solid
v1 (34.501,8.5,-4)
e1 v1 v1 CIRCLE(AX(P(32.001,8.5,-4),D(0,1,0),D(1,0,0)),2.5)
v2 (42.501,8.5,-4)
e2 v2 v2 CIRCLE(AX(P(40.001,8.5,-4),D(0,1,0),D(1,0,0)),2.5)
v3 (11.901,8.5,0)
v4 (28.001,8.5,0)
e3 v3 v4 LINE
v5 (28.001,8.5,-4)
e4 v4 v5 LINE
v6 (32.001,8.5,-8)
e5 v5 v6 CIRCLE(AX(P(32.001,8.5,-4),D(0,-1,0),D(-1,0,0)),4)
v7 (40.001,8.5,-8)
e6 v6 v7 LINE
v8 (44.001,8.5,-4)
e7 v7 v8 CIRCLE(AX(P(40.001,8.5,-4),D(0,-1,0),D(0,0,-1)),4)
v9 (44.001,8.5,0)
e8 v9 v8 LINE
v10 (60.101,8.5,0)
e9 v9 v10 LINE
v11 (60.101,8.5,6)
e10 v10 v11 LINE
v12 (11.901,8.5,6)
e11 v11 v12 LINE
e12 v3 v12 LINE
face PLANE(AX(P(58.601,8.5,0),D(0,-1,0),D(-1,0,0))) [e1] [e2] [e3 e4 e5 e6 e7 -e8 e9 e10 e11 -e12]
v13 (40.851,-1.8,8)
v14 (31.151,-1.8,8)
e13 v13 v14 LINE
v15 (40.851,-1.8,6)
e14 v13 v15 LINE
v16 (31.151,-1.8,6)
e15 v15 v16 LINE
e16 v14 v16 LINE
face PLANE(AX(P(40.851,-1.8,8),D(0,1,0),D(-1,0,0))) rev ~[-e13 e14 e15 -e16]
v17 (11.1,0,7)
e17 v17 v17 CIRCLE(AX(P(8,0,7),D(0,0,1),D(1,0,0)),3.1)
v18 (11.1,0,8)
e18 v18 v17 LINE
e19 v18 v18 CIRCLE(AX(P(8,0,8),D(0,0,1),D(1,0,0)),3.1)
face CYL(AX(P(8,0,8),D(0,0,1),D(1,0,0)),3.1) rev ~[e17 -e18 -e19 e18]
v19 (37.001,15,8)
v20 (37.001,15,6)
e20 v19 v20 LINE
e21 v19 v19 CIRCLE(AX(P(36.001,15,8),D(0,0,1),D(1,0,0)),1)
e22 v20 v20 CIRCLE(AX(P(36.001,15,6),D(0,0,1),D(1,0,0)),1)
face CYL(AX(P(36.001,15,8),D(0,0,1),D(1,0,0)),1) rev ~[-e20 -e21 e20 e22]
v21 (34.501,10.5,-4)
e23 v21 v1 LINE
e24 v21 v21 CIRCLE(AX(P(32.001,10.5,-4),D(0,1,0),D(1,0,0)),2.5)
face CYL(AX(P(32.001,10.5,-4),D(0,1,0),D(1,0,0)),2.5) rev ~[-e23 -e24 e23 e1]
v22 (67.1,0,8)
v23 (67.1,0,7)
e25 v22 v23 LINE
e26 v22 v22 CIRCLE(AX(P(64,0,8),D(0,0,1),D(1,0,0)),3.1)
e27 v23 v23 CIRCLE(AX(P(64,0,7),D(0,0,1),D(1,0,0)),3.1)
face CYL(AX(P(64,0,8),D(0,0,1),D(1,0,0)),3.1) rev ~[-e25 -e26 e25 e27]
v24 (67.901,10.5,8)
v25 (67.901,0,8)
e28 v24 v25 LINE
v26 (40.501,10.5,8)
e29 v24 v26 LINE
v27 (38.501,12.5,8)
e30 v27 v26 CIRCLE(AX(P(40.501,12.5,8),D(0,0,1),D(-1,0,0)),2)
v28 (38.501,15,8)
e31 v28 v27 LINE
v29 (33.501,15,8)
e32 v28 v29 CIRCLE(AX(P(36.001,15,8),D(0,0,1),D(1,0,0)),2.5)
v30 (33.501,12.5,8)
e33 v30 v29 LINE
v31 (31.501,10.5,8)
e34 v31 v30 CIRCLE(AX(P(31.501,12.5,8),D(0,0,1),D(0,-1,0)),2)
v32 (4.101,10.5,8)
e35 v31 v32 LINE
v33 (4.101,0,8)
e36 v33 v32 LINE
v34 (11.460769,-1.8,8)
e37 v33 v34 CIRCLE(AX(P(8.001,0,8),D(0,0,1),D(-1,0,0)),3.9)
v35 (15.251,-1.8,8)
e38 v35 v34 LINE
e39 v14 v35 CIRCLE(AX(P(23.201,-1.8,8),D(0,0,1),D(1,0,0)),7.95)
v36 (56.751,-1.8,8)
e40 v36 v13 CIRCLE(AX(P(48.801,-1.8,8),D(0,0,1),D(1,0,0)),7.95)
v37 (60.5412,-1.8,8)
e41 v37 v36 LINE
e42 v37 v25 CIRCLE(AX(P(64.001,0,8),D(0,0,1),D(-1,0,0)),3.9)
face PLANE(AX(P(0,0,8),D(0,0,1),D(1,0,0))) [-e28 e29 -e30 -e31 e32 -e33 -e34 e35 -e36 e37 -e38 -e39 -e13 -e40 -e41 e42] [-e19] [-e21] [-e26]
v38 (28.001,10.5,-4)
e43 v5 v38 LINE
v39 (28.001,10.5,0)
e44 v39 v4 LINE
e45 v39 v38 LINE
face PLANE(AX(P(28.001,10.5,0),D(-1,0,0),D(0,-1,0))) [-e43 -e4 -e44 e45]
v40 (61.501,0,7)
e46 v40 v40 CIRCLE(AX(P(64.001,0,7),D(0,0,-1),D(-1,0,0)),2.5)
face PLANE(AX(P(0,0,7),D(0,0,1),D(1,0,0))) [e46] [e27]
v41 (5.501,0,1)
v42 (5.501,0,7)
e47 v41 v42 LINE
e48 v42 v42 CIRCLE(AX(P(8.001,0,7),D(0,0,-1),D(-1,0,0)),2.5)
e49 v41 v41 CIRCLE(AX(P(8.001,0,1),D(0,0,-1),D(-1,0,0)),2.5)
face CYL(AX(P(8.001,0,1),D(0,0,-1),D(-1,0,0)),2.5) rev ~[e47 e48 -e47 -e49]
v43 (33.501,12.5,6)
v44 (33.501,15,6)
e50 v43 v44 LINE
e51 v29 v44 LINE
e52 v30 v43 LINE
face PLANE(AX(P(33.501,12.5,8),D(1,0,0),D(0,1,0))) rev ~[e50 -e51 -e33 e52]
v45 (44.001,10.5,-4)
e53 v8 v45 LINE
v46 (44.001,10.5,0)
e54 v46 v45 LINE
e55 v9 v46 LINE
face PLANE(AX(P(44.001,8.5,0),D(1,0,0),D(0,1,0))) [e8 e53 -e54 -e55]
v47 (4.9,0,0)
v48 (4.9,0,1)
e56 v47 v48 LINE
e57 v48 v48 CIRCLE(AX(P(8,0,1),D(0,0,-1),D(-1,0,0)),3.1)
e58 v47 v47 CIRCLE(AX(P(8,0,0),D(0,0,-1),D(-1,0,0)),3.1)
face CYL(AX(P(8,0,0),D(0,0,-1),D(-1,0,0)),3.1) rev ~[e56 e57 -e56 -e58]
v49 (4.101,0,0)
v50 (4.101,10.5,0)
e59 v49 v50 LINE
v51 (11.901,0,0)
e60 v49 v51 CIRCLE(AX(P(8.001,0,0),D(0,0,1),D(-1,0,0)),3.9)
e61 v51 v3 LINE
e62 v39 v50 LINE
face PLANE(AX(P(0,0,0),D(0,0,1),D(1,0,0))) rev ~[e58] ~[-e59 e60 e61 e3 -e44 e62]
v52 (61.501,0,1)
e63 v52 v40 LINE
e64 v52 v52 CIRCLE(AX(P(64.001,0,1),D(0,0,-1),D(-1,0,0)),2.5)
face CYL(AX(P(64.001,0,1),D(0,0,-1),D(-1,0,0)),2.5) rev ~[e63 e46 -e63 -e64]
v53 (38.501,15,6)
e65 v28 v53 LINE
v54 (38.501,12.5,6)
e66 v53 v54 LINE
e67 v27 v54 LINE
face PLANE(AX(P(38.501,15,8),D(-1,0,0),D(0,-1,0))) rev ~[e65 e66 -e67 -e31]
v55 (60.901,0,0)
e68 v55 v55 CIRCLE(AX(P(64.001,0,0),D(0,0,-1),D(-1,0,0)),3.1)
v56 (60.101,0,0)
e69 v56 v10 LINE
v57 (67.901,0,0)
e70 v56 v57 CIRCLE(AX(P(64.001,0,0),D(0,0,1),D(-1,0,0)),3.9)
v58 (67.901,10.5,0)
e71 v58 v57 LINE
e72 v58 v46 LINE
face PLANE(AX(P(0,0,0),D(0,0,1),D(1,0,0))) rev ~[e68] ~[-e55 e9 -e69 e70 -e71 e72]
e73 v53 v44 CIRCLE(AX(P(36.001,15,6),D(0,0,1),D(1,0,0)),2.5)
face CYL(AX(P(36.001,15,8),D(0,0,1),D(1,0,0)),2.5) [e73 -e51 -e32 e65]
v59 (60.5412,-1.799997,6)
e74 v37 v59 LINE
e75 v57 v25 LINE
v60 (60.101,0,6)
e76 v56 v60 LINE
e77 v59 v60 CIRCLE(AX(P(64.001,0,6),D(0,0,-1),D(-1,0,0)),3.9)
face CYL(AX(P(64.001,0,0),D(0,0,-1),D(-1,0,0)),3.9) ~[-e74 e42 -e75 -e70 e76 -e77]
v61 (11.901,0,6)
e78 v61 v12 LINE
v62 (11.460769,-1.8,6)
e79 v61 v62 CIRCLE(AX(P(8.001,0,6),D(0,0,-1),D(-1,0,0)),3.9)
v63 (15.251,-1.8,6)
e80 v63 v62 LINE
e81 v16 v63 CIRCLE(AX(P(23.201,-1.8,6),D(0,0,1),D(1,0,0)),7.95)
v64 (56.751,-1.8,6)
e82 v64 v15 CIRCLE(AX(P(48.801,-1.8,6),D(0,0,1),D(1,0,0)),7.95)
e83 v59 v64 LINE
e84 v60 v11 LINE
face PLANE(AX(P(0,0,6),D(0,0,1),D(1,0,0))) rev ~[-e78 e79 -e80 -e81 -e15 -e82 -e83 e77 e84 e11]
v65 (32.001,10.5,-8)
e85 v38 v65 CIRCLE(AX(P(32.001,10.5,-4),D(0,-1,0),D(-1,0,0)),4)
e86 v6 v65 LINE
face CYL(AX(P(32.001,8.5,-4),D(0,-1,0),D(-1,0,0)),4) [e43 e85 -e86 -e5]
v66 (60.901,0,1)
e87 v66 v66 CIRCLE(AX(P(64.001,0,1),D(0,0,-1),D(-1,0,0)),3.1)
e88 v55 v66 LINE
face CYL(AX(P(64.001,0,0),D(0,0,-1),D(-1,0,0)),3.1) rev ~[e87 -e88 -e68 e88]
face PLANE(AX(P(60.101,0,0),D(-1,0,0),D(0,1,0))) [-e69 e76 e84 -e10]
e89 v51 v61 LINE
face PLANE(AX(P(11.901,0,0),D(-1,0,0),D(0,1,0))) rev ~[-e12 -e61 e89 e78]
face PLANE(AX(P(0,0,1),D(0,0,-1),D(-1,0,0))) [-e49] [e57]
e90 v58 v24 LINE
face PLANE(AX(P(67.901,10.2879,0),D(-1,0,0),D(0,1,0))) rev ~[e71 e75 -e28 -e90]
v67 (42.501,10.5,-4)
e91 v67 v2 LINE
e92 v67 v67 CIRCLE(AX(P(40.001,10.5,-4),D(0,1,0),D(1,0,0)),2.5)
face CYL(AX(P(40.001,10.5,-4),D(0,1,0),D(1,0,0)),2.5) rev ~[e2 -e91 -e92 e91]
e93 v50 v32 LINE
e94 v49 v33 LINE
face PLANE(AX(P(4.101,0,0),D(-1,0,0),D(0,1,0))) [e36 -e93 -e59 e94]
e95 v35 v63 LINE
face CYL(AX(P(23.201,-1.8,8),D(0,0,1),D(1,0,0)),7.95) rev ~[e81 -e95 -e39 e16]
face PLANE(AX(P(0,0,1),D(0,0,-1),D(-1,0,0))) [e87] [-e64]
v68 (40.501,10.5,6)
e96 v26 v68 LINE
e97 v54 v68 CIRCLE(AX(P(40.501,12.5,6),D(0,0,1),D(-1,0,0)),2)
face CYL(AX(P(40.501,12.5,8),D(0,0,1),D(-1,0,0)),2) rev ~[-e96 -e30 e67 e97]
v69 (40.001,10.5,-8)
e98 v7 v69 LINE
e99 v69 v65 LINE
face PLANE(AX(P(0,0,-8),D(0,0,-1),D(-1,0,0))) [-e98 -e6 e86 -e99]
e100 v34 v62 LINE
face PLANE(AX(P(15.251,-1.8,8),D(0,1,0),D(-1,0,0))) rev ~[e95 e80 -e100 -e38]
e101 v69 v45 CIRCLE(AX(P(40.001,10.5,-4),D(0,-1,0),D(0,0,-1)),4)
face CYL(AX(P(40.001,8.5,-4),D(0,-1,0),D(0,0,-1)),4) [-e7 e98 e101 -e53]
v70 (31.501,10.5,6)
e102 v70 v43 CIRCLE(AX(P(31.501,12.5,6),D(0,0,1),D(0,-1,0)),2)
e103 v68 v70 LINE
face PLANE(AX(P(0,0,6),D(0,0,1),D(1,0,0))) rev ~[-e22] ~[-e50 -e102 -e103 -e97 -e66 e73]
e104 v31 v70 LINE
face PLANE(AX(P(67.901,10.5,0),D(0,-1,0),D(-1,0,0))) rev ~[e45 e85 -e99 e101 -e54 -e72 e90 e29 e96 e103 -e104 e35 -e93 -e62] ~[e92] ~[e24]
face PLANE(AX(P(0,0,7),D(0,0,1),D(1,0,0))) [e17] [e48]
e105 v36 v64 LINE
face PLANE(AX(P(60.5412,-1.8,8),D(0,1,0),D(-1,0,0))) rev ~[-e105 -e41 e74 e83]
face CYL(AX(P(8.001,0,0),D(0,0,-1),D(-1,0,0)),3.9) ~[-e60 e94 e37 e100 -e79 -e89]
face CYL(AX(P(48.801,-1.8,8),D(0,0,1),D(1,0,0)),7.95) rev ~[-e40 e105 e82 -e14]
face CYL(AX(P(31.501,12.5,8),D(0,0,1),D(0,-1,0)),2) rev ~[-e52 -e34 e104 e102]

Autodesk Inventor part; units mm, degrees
ref_plane "YZ Plane" through (0, 0, 0) normal (1, 0, 0) x (0, 1, 0)
ref_plane "XZ Plane" through (0, 0, 0) normal (0, 1, 0) x (-1, 0, 0)
ref_plane "XY Plane" through (0, 0, 0) normal (0, 0, 1) x (1, 0, 0)
sketch "Esboço1" plane through (0, 0, 0) normal (0, 0, 1) x (1, 0, 0)
  circle A0 centre (8.001, 0) radius 2.4 projected
  circle A1 centre (8.001, 0) radius 2.4
  circle A2 centre (64.001, 0) radius 2.4 projected
  circle A3 centre (64.001, 0) radius 2.4
  line L0 (58.601, 8.5) -> (13.401, 8.5) projected
  line L1 (58.601, -12.1) -> (58.601, 8.5) projected
  line L2 (13.401, 8.5) -> (13.401, -12.1) projected
  line L3 (67.806, 3.9) -> (60.196, 3.9) projected
  arc A4 (60.101, 0) -> (67.901, 0) centre (64.001, 0) ccw
  line L4 (60.101, 0) -> (60.101, 8.5)
  line L5 (60.101, 8.5) -> (11.901, 8.5)
  arc A5 (4.101, 0) -> (11.901, 0) centre (8.001, 0) ccw
  line L6 (11.901, 0) -> (11.901, 8.5)
  line L7 (4.101, 0) -> (4.101, 8.5)
  line L8 (4.101, 8.5) -> (4.101, 10.5)
  line L9 (67.901, 0) -> (67.901, 10.2879)
  line L10 (67.901, 10.5) -> (4.101, 10.5)
  line L11 (67.901, 10.1485) -> (67.901, 10.5)
  point P0 (0, 0)
  dimension "d0" = 7.8
  dimension "d1" = 2
extrude "Extrusão1" add sketch "Esboço1" along normal blind 8
sketch "Esboço3" plane through (0, 0, 8) normal (0, 0, 1) x (1, 0, 0)
  circle A0 centre (23.201, -1.8) radius 7.95 projected
  circle A1 centre (48.801, -1.8) radius 7.95 projected
  arc A2 (60.101, 0) -> (67.901, 0) centre (64.001, 0) ccw projected
  line L0 (11, -1.8) -> (11, 9)
  line L1 (11, 9) -> (60.5412, 9)
  line L2 (60.5412, 9) -> (60.5412, -1.8)
  line L3 (15.251, -1.8) -> (11, -1.8)
  line L4 (60.5412, -1.8) -> (56.751, -1.8)
  line L5 (40.851, -1.8) -> (31.151, -1.8)
  point P0 (0, 0)
extrude "Extrusão2" add sketch "Esboço3" against normal blind 2 contours A0 L3 L0 L1 L2 L4 A1 L5
sketch "Esboço4" plane through (0, 0, 8) normal (0, 0, 1) x (1, 0, 0)
  circle A0 centre (8, 0) radius 3.1
  circle A1 centre (64.001, 0) radius 2.4 projected
  circle A2 centre (64, 0) radius 3.1
  circle A3 centre (8.001, 0) radius 2.4 projected
  point P0 (0, 0)
  dimension "d6" = 6.2
  dimension "d7" = 6.2
extrude "Extrusão3" cut sketch "Esboço4" against normal blind 1
sketch "Esboço5" plane through (0, 0, 0) normal (0, 0, -1) x (-1, 0, 0)
  circle A0 centre (-8, 0) radius 3.1
  circle A1 centre (-8.001, 0) radius 2.4 projected
  circle A2 centre (-64.001, 0) radius 2.4 projected
  circle A3 centre (-64.001, 0) radius 3.1 projected
  point P0 (0, 0)
  dimension "d10" = 6.2
extrude "Extrusão4" cut sketch "Esboço5" against normal blind 1
sketch "Esboço6" plane through (0, 0, 8) normal (0, 0, 1) x (1, 0, 0)
  line L0 (33.501, 12.5) -> (33.501, 15)
  line L1 (38.501, 15) -> (38.501, 12.5)
  line L2 (4.101, 10.5) -> (4.101, 0) projected
  line L3 (-3.999, -3.9) -> (-3.999, 3.9) projected
  circle A0 centre (36.001, 15) radius 1
  circle A1 centre (36.001, 15) radius 2.5
  arc A2 (31.501, 10.5) -> (33.501, 12.5) centre (31.501, 12.5) ccw
  arc A3 (38.501, 12.5) -> (40.501, 10.5) centre (40.501, 12.5) ccw
  line L4 (40.501, 10.5) -> (31.501, 10.5)
  line L5 (67.901, 10.5) -> (4.101, 10.5) projected
  point P0 (0, 0)
  dimension "d19" = 29.4
  dimension "d20" = 2
  dimension "d22" = 2
  dimension "d23" = 2
extrude "Extrusão5" add sketch "Esboço6" against normal blind 2
sketch "Esboço8" plane through (0, 0, 0) normal (0, 0, -1) x (-1, 0, 0)
  line L0 (-28.001, 3.9) -> (-28.001, 3.6) projected
  line L1 (-11.901, 8.5) -> (-60.101, 8.5) projected
  line L2 (-67.901, 10.5) -> (-4.101, 10.5) projected
  line L3 (-28.001, 8.5) -> (-44.001, 8.5)
  line L4 (-44.001, 8.5) -> (-44.001, 10.5)
  line L5 (-44.001, 10.5) -> (-28.001, 10.5)
  line L6 (-28.001, 10.5) -> (-28.001, 8.5)
  point P0 (0, 0)
  dimension "d24" = 16
extrude "Extrusão6" add sketch "Esboço8" along normal blind 8
sketch "Esboço9" plane through (11.901, 8.5, 6) normal (0, -1, 0) x (1, 0, 0)
  circle A0 centre (28.1, -10) radius 2.4 projected
  circle A1 centre (20.1, -10) radius 2.4 projected
  arc A2 (16.1, -10) -> (20.1, -14) centre (20.1, -10) ccw
  line L0 (32.1, -14) -> (16.1, -14) projected
  arc A3 (28.1, -14) -> (32.1, -10) centre (28.1, -10) ccw
  line L1 (32.1, -6) -> (32.1, -14) projected
  line L2 (16.1, -10) -> (16.1, -14)
  line L3 (32.1, -14) -> (32.1, -10)
  line L4 (16.1, -14) -> (20.1, -14)
  line L5 (28.1, -14) -> (32.1, -14)
  point P0 (-11.901, -6)
  point P1 (28.1, -14)
extrude "Extrusão7" cut sketch "Esboço9" against normal blind 6.75
sketch "Esboço10" plane through (64.001, 0, 1) normal (0, 0, -1) x (-1, 0, 0)
  circle A0 centre (0, 0) radius 2.4 projected
  circle A1 centre (56, 0) radius 2.4 projected
  circle A2 centre (0, 0) radius 2.5
  circle A3 centre (56, 0) radius 2.5
  point P0 (64.001, 0)
  dimension "d29" = 5
  dimension "d30" = 5
extrude "Extrusão8" cut sketch "Esboço10" against normal blind 15.25
sketch "Esboço11" plane through (4.101, 10.5, 8) normal (0, 1, 0) x (1, 0, 0)
  circle A0 centre (27.9, 12) radius 2.4 projected
  circle A1 centre (35.9, 12) radius 2.4 projected
  circle A2 centre (27.9, 12) radius 2.5
  circle A3 centre (35.9, 12) radius 2.5
  point P0 (-4.101, 8)
  dimension "d33" = 5
  dimension "d34" = 5
extrude "Extrusão9" cut sketch "Esboço11" against normal blind 10
properties part number "apoio ultrassonico"
